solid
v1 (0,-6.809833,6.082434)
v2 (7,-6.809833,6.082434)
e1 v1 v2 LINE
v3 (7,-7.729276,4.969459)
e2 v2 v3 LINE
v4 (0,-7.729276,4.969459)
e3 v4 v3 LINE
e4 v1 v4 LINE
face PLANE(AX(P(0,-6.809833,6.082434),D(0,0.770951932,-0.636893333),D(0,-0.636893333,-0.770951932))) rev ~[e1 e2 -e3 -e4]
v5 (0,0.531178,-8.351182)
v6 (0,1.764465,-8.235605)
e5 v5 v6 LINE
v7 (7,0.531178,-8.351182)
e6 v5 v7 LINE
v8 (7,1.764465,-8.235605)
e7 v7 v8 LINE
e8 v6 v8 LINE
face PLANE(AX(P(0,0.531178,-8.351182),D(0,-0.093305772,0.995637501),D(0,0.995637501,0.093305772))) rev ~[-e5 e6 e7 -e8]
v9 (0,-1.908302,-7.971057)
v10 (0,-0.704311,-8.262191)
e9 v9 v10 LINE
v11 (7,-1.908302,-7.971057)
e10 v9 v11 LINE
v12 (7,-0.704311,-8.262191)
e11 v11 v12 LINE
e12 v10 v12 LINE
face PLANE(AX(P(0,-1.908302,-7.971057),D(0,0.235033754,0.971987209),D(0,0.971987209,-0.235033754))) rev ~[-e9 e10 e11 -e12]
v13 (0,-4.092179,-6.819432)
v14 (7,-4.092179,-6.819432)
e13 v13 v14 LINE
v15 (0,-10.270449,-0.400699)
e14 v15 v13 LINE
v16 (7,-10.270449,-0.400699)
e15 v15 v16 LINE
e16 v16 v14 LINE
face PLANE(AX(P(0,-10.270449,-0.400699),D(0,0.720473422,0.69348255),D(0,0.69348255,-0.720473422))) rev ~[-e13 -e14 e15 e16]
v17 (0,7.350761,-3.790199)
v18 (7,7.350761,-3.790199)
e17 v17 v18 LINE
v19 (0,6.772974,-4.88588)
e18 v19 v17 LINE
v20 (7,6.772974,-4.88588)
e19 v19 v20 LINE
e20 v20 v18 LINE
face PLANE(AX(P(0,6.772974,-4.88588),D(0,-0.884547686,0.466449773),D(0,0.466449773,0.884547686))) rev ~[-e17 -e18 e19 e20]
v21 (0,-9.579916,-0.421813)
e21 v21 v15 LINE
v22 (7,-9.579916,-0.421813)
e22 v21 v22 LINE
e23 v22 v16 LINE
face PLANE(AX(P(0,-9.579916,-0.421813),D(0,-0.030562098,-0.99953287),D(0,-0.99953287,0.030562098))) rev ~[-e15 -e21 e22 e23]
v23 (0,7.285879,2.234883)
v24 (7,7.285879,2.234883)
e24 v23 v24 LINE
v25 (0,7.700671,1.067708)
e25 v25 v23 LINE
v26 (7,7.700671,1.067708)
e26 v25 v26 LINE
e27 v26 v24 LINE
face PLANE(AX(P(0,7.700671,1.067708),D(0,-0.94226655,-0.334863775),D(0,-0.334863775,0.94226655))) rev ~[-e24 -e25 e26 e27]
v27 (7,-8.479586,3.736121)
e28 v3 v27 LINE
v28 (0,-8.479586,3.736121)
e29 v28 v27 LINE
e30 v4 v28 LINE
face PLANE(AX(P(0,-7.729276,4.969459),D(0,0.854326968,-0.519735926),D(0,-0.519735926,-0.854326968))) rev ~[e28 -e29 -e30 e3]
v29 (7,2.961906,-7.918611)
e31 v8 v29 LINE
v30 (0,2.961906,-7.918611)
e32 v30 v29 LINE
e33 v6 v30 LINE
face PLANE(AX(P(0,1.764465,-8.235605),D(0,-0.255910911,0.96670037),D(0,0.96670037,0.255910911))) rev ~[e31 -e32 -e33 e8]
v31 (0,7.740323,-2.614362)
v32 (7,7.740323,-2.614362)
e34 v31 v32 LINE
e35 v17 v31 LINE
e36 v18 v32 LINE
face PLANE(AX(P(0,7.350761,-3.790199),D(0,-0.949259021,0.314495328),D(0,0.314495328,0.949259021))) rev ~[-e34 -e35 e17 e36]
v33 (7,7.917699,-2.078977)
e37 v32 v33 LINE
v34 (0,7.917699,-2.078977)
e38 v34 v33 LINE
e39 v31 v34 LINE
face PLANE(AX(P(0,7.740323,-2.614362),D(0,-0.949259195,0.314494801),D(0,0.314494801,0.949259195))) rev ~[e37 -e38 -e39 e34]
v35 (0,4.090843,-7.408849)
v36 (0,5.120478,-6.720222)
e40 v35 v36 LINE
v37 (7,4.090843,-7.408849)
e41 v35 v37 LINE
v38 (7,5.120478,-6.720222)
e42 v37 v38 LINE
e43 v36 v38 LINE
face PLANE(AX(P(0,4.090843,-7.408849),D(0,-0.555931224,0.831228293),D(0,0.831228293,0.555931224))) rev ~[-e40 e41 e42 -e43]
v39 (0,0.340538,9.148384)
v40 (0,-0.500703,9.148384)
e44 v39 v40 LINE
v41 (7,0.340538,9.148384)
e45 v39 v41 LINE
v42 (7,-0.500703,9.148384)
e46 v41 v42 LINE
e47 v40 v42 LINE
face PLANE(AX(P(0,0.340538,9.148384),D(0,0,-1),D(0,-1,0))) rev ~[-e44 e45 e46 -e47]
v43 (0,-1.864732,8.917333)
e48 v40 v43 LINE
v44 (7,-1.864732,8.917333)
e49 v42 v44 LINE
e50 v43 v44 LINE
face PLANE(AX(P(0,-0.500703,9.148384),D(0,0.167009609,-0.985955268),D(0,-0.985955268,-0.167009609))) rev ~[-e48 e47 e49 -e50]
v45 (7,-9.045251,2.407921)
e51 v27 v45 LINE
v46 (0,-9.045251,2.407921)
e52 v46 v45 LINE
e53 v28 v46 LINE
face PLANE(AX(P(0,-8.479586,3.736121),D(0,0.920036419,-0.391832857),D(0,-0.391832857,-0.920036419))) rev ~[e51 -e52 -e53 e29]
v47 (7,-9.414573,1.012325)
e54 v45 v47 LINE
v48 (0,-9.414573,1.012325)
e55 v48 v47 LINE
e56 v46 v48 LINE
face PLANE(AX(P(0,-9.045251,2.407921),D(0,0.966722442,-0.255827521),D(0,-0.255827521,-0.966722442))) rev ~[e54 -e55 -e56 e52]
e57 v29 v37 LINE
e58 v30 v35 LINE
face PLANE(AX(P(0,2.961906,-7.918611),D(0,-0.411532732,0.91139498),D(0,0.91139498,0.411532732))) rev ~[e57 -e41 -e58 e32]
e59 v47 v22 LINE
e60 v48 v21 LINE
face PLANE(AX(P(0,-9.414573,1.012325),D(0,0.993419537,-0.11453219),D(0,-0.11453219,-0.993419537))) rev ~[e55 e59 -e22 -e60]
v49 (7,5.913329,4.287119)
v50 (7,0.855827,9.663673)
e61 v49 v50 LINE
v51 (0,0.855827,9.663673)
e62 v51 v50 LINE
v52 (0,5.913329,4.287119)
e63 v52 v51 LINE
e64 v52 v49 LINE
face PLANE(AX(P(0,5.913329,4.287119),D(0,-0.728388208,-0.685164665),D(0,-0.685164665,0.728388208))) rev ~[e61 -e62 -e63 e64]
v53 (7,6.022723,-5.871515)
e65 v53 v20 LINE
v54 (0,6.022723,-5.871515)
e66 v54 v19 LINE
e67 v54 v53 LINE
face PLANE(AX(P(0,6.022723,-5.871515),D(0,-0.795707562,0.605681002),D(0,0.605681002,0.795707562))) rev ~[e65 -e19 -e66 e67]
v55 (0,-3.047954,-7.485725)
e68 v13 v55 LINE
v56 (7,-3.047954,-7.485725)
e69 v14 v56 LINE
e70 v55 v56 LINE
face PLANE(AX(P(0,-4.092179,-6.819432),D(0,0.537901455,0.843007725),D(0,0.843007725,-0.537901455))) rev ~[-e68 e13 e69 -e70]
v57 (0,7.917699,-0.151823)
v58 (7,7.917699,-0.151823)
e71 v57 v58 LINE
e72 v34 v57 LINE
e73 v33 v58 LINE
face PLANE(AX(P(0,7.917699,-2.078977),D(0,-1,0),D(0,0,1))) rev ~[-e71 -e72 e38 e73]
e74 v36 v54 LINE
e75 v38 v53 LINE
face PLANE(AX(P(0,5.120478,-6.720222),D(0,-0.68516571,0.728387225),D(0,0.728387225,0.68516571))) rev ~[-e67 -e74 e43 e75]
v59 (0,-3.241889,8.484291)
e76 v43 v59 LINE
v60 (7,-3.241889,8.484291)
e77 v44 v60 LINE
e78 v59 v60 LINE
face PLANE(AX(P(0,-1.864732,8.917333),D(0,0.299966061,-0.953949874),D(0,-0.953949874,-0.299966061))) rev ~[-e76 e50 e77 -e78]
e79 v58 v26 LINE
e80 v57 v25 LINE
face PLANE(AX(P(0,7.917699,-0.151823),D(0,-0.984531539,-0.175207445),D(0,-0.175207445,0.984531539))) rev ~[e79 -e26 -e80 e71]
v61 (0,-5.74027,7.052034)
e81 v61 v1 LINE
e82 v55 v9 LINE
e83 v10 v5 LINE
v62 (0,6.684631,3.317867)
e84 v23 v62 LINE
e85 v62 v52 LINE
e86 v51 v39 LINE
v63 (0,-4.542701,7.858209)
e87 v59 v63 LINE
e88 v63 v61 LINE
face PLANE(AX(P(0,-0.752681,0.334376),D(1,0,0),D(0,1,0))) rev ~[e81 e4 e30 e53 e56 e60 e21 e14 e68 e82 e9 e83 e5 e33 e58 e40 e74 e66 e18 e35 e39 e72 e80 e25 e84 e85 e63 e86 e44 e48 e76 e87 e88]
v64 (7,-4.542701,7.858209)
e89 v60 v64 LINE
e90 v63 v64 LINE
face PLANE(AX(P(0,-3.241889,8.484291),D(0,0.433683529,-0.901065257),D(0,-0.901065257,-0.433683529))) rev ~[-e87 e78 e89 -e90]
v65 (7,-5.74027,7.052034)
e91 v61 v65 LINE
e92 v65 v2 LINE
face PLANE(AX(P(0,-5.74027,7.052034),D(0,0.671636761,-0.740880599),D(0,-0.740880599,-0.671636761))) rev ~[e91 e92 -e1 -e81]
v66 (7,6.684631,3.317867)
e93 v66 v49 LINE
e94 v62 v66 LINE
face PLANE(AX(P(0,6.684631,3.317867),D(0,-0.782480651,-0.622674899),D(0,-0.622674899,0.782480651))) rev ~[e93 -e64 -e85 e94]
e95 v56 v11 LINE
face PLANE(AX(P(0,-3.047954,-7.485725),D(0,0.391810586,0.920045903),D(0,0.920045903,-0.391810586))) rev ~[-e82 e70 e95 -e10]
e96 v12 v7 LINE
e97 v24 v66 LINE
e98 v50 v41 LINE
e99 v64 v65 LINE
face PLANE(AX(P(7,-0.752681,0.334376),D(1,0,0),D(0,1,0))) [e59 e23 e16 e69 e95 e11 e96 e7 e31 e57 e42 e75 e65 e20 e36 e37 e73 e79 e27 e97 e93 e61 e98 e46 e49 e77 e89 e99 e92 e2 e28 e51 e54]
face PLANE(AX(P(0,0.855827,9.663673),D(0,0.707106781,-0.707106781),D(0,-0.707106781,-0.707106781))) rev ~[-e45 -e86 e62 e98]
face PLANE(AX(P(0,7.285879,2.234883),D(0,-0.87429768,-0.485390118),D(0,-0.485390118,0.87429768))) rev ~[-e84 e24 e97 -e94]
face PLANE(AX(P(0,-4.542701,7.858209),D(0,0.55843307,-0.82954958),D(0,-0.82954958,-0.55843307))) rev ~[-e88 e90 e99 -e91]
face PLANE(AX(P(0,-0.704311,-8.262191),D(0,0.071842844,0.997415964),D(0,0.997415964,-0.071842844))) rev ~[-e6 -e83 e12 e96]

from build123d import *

# Parameters (mm, degrees)
F1_DEPTH = 7


with BuildPart() as f1:
    # F0 (on Right) → F1 (new body)
    with BuildSketch(Plane.YZ):
        Polygon((-10.270449, -0.400699), (-4.092179, -6.819432), (-3.047954, -7.485725), (-1.908302, -7.971057), (-0.704311, -8.262191), (0.531178, -8.351182), (1.764465, -8.235605), (2.961906, -7.918611), (4.090843, -7.408849), (5.120478, -6.720222), (6.022723, -5.871515), (6.772974, -4.88588), (7.350761, -3.790199), (7.740323, -2.614362), (7.917699, -2.078977), (7.917699, -0.151823), (7.700671, 1.067708), (7.285879, 2.234883), (6.684631, 3.317867), (5.913329, 4.287119), (0.855827, 9.663673), (0.340538, 9.148384), (-0.500703, 9.148384), (-1.864732, 8.917333), (-3.241889, 8.484291), (-4.542701, 7.858209), (-5.74027, 7.052034), (-6.809833, 6.082434), (-7.729276, 4.969459), (-8.479586, 3.736121), (-9.045251, 2.407921), (-9.414573, 1.012325), (-9.579916, -0.421813), align=None)
    extrude(amount=F1_DEPTH)


solid = f1.part
